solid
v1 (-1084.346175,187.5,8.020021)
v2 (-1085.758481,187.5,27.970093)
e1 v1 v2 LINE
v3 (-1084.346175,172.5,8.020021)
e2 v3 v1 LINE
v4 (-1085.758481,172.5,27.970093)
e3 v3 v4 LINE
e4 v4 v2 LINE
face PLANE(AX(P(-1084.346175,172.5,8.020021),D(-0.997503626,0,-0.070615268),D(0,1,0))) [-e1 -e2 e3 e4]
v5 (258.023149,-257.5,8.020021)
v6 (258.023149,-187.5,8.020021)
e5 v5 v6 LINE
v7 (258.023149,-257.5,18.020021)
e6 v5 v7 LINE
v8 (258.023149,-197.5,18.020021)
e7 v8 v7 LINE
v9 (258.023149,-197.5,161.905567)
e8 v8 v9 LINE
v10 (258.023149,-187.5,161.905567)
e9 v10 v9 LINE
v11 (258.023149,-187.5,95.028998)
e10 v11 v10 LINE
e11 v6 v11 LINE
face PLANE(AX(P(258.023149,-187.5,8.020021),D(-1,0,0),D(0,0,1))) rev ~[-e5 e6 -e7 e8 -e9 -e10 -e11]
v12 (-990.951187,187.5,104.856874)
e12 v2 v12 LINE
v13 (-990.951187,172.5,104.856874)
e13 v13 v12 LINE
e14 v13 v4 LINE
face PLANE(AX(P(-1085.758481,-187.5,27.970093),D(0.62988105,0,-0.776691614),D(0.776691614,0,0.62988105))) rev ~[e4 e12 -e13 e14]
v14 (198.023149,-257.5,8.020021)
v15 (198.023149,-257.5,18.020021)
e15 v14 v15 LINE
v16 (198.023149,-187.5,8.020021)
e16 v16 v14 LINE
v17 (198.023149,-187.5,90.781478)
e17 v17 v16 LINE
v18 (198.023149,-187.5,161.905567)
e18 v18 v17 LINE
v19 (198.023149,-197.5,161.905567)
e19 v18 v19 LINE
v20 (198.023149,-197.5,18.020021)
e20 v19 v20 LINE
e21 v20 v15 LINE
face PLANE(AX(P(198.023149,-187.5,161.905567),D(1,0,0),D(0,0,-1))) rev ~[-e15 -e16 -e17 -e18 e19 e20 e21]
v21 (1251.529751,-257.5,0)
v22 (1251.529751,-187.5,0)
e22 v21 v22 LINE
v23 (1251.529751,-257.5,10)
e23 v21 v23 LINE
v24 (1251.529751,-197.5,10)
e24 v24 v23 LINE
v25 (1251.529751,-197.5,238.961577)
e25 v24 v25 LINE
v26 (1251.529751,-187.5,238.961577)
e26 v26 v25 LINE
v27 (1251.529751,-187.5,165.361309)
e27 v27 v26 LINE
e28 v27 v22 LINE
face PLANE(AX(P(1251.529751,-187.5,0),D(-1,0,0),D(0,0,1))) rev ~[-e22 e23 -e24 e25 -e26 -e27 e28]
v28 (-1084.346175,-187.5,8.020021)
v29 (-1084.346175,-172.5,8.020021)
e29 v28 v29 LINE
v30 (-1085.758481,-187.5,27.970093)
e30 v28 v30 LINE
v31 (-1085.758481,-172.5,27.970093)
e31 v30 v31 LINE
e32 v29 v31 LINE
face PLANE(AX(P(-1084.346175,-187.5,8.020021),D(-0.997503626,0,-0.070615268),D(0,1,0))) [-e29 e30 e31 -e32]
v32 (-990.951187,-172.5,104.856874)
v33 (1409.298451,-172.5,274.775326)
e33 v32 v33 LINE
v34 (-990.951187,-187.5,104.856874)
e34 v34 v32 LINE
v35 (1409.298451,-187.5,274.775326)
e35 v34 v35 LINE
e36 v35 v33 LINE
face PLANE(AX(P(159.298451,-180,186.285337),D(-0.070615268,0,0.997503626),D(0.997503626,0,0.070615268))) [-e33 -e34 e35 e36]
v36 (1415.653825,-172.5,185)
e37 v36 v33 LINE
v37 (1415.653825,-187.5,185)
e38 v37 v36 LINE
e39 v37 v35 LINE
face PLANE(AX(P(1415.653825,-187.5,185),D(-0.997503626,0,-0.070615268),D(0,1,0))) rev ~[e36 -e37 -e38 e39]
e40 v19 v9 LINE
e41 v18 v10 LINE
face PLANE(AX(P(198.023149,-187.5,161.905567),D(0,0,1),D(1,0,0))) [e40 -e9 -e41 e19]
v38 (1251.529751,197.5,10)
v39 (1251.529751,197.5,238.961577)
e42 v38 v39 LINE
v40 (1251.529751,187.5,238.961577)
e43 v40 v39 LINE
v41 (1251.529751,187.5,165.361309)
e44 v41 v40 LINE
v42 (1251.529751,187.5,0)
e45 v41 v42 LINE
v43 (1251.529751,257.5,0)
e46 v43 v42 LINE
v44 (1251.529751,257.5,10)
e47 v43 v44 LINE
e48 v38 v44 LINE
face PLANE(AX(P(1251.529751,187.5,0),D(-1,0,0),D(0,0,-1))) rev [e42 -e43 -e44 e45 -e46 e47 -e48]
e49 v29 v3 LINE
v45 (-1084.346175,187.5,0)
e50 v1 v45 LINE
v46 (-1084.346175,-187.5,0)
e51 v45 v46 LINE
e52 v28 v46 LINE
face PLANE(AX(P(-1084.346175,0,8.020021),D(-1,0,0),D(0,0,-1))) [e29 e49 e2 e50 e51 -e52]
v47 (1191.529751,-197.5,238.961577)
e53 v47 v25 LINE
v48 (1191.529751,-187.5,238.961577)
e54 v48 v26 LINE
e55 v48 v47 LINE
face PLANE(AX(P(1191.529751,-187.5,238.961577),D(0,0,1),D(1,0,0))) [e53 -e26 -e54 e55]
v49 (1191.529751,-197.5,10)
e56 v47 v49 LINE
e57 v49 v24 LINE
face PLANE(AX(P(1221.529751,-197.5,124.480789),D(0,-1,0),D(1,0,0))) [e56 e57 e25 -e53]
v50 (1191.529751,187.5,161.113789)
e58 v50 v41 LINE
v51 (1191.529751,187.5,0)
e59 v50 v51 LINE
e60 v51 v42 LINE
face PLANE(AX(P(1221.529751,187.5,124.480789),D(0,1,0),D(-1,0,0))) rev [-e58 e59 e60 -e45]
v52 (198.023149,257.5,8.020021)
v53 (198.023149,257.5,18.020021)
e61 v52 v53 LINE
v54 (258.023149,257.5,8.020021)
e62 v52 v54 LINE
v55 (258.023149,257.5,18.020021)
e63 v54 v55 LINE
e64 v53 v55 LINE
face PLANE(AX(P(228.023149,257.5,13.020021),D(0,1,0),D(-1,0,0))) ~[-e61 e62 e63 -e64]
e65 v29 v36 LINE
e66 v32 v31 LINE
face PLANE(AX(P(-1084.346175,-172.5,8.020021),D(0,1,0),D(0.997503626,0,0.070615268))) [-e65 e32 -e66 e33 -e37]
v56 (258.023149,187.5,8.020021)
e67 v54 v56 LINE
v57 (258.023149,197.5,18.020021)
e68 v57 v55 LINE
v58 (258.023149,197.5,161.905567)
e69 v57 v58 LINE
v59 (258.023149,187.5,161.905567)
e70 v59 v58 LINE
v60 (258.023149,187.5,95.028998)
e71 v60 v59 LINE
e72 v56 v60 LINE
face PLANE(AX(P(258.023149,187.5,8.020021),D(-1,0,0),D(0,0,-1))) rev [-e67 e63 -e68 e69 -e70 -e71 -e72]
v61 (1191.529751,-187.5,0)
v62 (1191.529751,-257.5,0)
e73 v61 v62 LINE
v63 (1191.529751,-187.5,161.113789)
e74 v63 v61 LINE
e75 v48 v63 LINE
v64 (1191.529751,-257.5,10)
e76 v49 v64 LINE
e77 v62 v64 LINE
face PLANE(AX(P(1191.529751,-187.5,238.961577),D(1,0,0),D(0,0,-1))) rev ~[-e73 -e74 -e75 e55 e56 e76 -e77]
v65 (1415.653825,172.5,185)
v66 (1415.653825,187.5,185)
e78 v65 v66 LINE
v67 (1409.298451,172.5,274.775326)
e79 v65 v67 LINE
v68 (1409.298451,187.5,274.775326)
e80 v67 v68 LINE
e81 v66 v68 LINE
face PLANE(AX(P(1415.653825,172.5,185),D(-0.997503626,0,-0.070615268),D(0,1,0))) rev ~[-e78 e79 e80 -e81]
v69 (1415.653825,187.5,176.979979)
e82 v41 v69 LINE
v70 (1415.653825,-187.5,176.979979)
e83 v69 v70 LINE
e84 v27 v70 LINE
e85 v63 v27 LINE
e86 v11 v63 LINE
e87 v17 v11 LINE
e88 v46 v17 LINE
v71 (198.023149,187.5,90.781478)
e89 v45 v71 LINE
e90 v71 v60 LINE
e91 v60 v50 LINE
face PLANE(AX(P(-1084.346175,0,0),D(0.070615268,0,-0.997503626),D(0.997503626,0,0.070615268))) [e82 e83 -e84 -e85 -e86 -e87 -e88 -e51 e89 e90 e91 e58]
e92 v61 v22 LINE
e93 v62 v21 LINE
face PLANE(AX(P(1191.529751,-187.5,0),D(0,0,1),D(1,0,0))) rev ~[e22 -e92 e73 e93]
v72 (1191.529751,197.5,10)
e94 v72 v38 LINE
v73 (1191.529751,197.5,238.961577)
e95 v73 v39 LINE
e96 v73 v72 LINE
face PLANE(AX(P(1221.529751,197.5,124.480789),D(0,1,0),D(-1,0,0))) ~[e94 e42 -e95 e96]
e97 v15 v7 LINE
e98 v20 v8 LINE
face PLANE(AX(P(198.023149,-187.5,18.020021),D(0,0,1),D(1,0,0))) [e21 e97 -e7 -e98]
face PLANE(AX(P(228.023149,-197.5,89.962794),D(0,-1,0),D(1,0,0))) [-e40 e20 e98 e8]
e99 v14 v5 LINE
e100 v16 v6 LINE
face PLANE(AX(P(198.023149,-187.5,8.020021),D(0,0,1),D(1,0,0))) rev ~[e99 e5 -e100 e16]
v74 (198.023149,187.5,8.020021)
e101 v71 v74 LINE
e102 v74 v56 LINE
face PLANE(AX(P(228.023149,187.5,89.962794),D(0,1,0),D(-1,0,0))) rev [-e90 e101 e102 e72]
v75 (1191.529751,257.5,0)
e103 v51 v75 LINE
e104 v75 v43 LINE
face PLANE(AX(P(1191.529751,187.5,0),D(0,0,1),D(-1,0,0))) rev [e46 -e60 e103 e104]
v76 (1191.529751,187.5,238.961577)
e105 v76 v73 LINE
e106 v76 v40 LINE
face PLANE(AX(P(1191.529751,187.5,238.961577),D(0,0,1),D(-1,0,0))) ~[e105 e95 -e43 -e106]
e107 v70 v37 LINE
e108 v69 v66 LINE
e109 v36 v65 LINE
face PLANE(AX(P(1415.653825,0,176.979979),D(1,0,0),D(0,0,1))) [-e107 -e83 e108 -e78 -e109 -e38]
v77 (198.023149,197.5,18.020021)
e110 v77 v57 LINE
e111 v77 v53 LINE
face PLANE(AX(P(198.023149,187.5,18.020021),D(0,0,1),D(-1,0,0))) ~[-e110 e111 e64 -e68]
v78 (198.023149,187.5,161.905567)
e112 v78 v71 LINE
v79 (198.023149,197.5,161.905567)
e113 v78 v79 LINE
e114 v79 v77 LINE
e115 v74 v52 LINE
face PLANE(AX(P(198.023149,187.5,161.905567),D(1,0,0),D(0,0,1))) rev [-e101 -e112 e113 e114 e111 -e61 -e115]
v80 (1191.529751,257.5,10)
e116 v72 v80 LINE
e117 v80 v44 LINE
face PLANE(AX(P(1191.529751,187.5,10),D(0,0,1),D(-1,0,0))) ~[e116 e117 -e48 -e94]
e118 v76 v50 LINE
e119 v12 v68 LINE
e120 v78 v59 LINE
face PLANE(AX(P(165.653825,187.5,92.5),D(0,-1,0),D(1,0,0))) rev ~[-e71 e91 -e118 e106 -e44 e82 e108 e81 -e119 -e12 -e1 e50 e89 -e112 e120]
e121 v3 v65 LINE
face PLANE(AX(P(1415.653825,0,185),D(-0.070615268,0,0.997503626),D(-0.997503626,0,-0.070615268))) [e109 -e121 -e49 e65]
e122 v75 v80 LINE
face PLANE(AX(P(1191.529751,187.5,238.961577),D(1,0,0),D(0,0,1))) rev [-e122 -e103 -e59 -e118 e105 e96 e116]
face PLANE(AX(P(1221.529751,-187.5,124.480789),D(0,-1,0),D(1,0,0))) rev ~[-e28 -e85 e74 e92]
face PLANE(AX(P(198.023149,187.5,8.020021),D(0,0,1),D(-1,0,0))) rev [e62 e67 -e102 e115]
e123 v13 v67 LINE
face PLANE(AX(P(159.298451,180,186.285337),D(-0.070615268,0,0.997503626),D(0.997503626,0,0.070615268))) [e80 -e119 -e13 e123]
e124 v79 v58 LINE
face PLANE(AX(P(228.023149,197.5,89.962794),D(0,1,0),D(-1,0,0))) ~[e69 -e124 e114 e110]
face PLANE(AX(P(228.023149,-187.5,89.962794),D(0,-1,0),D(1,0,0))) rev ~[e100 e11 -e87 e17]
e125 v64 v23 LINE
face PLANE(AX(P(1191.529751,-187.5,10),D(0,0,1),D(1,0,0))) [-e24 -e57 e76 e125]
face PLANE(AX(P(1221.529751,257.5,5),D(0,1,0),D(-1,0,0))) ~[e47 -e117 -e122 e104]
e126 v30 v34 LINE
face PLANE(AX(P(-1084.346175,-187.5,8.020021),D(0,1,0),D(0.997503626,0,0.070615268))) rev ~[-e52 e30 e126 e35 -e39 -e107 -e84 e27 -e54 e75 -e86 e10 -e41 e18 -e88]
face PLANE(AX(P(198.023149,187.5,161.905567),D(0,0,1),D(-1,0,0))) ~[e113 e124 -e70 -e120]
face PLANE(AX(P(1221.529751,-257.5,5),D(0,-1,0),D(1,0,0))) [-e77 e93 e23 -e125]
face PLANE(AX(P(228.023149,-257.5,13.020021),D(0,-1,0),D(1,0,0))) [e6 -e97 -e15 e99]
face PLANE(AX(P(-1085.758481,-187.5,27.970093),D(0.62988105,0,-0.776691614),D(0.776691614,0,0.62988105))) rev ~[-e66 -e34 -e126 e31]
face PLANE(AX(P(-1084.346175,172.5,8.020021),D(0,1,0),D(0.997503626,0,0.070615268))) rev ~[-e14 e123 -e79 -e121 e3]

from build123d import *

# Parameters (mm, degrees)
F1_DEPTH = 187.5
F2_W     = 2506.2565537025
F2_H     = 15
F3_DEPTH = 90
F4_W     = 60
F4_H     = 10
F5_DEPTH = 70
F4_H_2   = 228.9615774155
F4_H_3   = 143.8855462986
F6_DEPTH = 10
F9_DEPTH = 375


with BuildPart() as f1:
    # F0 (on Front) → F1 (new body, symmetric)
    with BuildSketch(Plane.XZ):
        Polygon((-1084.3461751938, 8.0200209718), (-1084.3461751938, 0), (1415.6538248062, 176.9799790282), (1415.6538248062, 185), align=None)
    extrude(amount=F1_DEPTH, both=True)

    # F2 (on face) → F3 (join)
    with BuildSketch(Plane(origin=(-5.9720318293, 0, 84.3602742827), x_dir=(0.997503626, 0, 0.0706152683), z_dir=(-0.0706152683, 0, 0.997503626))):
        with Locations((172.0553711911, -180)):
            Rectangle(F2_W, F2_H)
        with Locations((172.0553711911, 180)):
            Rectangle(F2_W, F2_H)
    extrude(amount=F3_DEPTH)



with BuildPart() as f5:
    # F4 (on face) → F5 (new body)
    with BuildSketch(Plane.XZ.offset(187.5)):
        with Locations((228.0231494724, 13.0200209718)):
            Rectangle(F4_W, F4_H)
    extrude(amount=F5_DEPTH)


with BuildPart() as f5b:
    # F4 (on face) → F5, piece 2 (new body)
    with BuildSketch(Plane.XZ.offset(187.5)):
        with Locations((1221.529750824, 5)):
            Rectangle(F4_W, F4_H)
    extrude(amount=F5_DEPTH)


with BuildPart() as f1_1:
    add(f1.part)

    add(f5.part)  # F6 merges F5

    add(f5b.part)  # F6 merges F5b
    # F4 (on face) → F6 (join)
    with BuildSketch(Plane.XZ.offset(187.5)):
        with Locations((1221.529750824, 124.4807887077)):
            Rectangle(F4_W, F4_H_2)
        with Locations((1221.529750824, 5)):
            Rectangle(F4_W, F4_H)
        with Locations((228.0231494724, 89.9627941211)):
            Rectangle(F4_W, F4_H_3)
        with Locations((228.0231494724, 13.0200209718)):
            Rectangle(F4_W, F4_H)
    extrude(amount=F6_DEPTH)

    # F7: F1 across plane


with BuildPart() as f1_2:
    add(f1_1.part)
    add(f1_1.part.mirror(Plane.XZ))

    # F8 (on face) → F9 (cut, through all)
    with BuildSketch(Plane.XZ.offset(187.5)):
        Polygon((-1085.7584805603, 27.9700934918), (-990.9511867431, 104.8568741441), (-1090.7015493429, 97.7953473117), align=None)
    extrude(amount=-F9_DEPTH, mode=Mode.SUBTRACT)


solid = f1_2.part
